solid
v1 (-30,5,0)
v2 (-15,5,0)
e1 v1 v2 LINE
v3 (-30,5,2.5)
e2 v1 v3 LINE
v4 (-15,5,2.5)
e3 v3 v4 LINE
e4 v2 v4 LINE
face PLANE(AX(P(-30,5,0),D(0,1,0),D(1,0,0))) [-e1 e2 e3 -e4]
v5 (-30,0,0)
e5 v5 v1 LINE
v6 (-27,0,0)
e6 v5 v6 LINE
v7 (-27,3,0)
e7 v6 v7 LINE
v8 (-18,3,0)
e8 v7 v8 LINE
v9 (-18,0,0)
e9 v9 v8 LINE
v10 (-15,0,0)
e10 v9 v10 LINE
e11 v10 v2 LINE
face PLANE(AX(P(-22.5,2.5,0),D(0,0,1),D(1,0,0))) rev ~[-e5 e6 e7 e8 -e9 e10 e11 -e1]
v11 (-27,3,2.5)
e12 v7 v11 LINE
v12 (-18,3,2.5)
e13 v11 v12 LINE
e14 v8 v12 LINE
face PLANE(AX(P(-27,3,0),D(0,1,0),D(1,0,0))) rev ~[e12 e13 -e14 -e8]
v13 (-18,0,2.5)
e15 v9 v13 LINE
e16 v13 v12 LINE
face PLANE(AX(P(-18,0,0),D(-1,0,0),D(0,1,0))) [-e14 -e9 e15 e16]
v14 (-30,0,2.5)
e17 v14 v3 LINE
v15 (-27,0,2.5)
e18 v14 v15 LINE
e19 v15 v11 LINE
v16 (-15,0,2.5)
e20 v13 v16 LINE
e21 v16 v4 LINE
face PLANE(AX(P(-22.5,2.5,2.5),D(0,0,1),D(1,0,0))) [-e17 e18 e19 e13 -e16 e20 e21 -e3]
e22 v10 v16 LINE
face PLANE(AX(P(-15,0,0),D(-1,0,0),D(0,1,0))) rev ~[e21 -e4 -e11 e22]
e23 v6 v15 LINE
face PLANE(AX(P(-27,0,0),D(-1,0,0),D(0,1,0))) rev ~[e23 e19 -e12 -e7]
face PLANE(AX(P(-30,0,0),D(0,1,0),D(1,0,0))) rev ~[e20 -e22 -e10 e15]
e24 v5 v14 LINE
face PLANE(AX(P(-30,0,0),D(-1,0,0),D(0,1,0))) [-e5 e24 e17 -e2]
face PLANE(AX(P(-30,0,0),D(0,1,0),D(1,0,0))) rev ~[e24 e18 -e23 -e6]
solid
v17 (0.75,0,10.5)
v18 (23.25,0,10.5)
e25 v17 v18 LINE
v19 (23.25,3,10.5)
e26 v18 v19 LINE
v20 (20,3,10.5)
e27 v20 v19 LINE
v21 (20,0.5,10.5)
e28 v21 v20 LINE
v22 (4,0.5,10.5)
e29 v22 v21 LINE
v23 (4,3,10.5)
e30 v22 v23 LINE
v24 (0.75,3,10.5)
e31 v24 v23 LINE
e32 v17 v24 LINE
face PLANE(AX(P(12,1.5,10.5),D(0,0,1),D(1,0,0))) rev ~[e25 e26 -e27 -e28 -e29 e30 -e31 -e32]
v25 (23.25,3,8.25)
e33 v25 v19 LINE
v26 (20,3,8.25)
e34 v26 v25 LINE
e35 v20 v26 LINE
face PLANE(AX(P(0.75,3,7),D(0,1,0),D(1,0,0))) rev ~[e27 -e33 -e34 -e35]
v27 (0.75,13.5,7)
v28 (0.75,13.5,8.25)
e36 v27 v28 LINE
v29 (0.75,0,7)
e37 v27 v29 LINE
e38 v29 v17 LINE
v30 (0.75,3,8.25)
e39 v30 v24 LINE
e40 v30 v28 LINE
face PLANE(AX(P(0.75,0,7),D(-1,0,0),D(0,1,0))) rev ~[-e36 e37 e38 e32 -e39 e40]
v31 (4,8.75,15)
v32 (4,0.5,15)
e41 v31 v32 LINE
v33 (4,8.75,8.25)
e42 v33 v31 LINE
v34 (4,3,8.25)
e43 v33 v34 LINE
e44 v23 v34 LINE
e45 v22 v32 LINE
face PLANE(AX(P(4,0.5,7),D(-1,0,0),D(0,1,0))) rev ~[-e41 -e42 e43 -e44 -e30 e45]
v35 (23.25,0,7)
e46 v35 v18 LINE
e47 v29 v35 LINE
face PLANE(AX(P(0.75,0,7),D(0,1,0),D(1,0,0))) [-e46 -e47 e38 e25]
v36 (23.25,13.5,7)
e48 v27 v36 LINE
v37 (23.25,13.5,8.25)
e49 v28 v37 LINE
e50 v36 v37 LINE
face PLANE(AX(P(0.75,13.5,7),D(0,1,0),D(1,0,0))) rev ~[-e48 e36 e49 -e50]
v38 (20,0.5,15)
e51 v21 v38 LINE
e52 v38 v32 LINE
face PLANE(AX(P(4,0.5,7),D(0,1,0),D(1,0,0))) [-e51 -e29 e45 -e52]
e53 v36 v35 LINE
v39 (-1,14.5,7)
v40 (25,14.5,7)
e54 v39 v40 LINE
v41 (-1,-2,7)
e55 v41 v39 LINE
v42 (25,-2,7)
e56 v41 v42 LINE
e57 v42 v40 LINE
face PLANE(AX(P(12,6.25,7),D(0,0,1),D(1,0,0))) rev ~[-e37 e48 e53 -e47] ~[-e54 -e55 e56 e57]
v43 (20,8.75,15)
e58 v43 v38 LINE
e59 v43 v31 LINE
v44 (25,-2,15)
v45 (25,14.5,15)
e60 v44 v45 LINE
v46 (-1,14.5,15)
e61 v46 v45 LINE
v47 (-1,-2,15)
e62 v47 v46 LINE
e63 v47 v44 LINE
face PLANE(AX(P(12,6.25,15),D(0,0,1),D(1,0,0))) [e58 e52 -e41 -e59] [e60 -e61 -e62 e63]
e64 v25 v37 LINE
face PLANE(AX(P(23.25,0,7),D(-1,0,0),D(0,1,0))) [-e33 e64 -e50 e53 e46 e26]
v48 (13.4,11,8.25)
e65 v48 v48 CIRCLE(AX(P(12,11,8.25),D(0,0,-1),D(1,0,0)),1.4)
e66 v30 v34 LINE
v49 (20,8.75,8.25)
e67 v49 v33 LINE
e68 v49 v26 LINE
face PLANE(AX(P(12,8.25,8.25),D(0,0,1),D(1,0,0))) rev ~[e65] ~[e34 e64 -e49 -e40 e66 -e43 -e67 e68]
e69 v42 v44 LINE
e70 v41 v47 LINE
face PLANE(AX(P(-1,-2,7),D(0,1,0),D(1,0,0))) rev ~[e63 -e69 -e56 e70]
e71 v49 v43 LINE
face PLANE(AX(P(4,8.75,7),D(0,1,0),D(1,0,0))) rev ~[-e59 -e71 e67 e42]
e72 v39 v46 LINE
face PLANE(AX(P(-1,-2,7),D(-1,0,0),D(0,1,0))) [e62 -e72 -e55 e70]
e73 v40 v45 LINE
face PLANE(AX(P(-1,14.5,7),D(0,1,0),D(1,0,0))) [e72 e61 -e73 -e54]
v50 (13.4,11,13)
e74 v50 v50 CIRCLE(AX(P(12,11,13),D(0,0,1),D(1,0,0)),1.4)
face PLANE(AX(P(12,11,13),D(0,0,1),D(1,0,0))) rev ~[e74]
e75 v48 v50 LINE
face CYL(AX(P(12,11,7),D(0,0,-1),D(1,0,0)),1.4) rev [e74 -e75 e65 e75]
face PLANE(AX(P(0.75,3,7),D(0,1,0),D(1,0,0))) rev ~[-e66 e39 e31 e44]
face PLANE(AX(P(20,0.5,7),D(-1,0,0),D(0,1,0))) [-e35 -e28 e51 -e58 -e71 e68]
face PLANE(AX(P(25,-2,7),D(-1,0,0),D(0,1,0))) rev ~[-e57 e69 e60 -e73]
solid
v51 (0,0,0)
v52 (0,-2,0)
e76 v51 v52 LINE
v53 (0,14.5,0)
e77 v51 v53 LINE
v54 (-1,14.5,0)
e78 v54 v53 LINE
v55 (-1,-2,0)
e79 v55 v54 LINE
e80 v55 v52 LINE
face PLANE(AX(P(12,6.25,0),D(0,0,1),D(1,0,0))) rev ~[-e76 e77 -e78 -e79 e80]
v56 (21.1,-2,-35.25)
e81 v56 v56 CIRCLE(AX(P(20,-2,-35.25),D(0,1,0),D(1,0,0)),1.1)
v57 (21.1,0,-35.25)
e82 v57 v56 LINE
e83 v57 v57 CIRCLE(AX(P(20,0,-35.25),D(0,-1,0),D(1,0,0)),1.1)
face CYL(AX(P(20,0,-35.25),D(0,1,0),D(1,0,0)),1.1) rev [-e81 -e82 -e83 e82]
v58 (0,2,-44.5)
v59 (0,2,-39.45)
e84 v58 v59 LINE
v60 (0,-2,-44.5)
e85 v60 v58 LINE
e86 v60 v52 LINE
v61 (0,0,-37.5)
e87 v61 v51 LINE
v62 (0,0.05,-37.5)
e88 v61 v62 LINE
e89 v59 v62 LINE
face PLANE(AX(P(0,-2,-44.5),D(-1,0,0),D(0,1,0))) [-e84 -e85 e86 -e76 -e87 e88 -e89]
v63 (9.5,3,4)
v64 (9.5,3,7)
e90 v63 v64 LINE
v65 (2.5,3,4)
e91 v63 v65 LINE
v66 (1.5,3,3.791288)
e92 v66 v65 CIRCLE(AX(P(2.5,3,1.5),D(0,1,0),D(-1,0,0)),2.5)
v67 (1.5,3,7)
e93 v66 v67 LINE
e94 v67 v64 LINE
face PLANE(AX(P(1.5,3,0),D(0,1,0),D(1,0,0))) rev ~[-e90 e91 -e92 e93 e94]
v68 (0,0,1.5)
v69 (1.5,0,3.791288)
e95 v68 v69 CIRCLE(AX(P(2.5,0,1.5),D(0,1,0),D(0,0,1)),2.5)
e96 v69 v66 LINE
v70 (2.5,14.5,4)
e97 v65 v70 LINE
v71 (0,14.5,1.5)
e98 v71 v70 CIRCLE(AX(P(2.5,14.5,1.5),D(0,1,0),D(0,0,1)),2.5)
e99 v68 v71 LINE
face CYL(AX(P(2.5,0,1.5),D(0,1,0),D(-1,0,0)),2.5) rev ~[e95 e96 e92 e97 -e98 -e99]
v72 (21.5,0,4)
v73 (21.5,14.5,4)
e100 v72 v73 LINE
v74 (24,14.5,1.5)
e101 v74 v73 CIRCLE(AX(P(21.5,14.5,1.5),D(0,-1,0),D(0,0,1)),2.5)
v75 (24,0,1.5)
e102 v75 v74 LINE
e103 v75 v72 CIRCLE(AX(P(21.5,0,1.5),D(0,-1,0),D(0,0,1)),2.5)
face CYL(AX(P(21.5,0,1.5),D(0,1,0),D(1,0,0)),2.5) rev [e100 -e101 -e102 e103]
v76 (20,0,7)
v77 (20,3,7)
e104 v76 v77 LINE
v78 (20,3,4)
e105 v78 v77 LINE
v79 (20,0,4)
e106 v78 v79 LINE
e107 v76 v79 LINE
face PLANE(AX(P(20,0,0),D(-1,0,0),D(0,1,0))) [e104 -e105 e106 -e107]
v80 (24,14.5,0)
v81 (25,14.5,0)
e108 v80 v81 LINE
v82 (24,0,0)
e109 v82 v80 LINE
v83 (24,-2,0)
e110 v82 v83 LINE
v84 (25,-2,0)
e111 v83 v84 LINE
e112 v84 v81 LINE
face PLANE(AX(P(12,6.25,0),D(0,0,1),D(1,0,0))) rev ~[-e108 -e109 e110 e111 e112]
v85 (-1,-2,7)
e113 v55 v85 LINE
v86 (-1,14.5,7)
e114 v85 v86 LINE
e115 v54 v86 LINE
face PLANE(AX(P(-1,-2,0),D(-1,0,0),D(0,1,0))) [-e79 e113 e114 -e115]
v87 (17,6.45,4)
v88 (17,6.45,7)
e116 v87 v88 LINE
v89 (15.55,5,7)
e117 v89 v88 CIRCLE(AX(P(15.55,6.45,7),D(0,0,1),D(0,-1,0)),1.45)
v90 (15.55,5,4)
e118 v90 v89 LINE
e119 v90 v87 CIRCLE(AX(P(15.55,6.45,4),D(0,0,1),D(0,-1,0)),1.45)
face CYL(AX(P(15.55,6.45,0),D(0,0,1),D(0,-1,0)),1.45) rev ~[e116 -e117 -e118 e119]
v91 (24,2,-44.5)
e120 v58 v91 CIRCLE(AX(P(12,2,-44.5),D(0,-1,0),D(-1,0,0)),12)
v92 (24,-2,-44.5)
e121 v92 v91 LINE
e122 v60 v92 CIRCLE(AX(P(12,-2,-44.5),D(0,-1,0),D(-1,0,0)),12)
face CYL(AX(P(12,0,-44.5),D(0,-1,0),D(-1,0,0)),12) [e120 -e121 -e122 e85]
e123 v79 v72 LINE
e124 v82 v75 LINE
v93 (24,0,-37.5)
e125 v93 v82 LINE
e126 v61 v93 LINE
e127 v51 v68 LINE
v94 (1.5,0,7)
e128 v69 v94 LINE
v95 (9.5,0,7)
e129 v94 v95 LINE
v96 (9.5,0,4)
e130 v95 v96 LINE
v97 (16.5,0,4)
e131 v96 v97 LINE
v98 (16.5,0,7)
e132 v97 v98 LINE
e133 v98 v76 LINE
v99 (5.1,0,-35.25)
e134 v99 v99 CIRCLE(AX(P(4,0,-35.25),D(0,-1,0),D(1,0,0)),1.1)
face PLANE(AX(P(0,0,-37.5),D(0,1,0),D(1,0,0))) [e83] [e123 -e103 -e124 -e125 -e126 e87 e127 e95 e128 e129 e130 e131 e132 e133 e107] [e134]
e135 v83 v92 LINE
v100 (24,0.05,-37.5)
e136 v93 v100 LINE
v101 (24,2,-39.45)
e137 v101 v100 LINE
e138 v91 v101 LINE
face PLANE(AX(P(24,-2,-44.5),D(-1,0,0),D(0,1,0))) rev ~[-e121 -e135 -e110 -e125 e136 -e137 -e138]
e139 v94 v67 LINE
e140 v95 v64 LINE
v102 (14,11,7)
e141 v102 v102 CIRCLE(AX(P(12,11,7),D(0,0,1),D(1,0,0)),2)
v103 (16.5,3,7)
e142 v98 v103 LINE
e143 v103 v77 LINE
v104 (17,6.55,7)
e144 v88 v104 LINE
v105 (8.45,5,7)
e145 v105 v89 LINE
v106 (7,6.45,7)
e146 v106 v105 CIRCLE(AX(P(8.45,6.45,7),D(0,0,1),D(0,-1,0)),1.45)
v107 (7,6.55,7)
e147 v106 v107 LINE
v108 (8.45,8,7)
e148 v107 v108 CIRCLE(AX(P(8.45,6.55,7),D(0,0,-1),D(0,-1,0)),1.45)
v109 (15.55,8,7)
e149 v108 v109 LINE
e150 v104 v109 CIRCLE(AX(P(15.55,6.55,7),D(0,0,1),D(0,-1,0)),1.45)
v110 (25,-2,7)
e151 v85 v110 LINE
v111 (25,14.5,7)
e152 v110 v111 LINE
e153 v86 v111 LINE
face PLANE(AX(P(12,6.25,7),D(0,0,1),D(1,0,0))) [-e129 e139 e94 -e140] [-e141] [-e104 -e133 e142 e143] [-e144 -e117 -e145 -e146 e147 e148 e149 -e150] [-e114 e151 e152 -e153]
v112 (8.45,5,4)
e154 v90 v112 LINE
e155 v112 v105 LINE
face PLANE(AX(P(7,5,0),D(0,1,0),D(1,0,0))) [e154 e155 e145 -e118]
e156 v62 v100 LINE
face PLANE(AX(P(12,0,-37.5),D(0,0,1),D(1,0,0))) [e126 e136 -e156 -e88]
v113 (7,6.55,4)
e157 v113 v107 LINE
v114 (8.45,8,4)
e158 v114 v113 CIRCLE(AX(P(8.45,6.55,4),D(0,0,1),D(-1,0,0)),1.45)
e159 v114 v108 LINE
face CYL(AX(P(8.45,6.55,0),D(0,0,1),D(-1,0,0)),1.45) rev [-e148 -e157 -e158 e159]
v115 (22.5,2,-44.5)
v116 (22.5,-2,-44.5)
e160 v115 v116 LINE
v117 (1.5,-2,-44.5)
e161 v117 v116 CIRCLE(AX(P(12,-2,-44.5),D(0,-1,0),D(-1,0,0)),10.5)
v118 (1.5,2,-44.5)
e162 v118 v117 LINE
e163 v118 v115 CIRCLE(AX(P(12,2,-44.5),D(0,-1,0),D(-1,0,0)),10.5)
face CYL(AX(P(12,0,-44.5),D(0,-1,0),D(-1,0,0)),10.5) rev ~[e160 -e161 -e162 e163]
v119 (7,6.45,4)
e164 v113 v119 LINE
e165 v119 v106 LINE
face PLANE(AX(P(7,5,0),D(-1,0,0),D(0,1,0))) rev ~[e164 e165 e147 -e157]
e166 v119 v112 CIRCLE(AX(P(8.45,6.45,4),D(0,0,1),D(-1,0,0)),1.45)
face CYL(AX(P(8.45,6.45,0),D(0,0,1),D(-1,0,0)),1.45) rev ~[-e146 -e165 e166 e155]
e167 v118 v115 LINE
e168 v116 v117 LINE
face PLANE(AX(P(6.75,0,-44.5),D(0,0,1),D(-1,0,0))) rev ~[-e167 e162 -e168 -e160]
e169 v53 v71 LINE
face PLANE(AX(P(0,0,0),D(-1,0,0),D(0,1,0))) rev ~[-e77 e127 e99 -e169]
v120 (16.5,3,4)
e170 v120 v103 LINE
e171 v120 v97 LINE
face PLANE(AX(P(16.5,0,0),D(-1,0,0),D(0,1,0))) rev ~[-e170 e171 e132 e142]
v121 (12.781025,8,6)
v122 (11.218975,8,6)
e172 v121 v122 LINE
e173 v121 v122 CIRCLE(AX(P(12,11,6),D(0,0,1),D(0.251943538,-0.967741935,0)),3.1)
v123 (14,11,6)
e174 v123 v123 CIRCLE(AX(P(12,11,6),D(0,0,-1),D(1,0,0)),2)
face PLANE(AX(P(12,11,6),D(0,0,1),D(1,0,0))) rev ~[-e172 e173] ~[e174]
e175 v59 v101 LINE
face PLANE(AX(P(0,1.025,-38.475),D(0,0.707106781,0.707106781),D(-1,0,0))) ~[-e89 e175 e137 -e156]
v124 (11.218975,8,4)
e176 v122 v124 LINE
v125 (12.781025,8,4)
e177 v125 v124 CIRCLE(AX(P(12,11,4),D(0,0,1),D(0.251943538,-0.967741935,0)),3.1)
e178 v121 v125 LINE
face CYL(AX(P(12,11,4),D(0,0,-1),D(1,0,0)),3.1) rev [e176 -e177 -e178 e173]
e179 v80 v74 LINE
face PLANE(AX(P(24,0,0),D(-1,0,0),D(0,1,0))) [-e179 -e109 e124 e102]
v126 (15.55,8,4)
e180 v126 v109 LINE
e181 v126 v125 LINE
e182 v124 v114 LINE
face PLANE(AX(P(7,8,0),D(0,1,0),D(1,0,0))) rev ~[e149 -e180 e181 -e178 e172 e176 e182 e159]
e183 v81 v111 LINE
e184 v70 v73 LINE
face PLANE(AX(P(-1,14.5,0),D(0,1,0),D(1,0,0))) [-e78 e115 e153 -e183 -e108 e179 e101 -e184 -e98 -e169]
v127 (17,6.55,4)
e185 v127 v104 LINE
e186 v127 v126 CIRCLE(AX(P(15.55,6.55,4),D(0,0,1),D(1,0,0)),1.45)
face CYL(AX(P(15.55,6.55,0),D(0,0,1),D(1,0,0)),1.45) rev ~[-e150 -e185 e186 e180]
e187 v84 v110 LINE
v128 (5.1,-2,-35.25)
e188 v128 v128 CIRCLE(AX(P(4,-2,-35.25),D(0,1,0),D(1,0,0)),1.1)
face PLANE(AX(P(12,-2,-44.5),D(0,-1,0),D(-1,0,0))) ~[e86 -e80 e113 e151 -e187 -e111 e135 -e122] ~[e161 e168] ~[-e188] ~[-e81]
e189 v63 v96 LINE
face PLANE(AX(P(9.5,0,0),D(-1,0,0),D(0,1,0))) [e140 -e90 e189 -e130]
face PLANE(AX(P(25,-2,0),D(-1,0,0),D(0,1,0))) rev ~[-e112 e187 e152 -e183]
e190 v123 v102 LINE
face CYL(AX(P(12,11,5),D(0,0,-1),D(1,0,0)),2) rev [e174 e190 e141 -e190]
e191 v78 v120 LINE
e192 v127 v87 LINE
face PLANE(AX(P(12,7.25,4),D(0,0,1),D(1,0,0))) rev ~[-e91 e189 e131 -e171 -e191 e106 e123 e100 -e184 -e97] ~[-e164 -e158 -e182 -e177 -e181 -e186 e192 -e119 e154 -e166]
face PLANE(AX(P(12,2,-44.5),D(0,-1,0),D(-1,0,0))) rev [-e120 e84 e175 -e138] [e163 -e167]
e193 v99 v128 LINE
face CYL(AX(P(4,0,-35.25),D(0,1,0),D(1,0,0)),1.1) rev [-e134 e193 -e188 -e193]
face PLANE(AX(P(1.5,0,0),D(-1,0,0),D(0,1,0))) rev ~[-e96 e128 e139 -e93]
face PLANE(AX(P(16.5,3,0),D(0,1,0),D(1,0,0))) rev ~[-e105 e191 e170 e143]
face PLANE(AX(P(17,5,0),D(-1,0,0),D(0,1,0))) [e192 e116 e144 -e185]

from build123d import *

# Parameters (mm, degrees)
BOX014_W          = 9
BOX014_H          = 3
BOX014_DEPTH      = 2.5
BOX013_W          = 15
BOX013_H          = 5
BOX013_DEPTH      = 2.5
CYLINDER001_R     = 1.1
CYLINDER001_DEPTH = 10
CYLINDER002_R     = 1.1
CYLINDER002_DEPTH = 10
BOX007_W          = 24
BOX007_H          = 2
BOX007_DEPTH      = 43.5
CYLINDER009_W     = 10.5
CYLINDER009_H     = 4
CYLINDER009_ANGLE = 180
CYLINDER008_W     = 12
CYLINDER008_H     = 4
CYLINDER008_ANGLE = 180
BOX011_W          = 24
BOX011_H          = 4
BOX011_DEPTH      = 7
CYLINDER006_R     = 2
CYLINDER006_DEPTH = 2
CYLINDER005_R     = 3.1
CYLINDER005_DEPTH = 2
BOX002_W          = 8
BOX002_H          = 3
BOX002_DEPTH      = 7
BOX003_W          = 10
BOX003_H          = 3
BOX003_DEPTH      = 7
FILLET001_R       = 1.45
BOX015_W          = 3.5
BOX015_H          = 3
BOX015_DEPTH      = 7
BOX_W             = 24
BOX_H             = 14.5
BOX_DEPTH         = 4
FILLET_R          = 2.5
BOX001_W          = 26
BOX001_H          = 16.5
BOX001_DEPTH      = 7
CHAMFER_SIZE      = 1.95
BOX012_W          = 22.5
BOX012_H          = 10.5
BOX012_DEPTH      = 1.25
BOX017_W          = 16
BOX017_H          = 8.25
BOX017_DEPTH      = 10
BOX004_W          = 22.5
BOX004_H          = 3
BOX004_DEPTH      = 3.5
CYLINDER007_R     = 1.4
CYLINDER007_DEPTH = 6
BOX005_W          = 26
BOX005_H          = 16.5
BOX005_DEPTH      = 8


with BuildPart() as cube_dht22_support_inner:
    # Box014 → Box014 (new body)
    with BuildSketch(Plane(origin=(-27, 0, 0), x_dir=(1, 0, 0), z_dir=(0, 0, 1))):
        with Locations((4.5, 1.5)):
            Rectangle(BOX014_W, BOX014_H)
    extrude(amount=BOX014_DEPTH)


with BuildPart() as cut007_dht22_support:
    # Box013 → Box013 (new body)
    with BuildSketch(Plane(origin=(-30, 0, 0), x_dir=(1, 0, 0), z_dir=(0, 0, 1))):
        with Locations((7.5, 2.5)):
            Rectangle(BOX013_W, BOX013_H)
    extrude(amount=BOX013_DEPTH)

    # Cut007: cut Cube(dht22_support_inner)
    add(cube_dht22_support_inner.part, mode=Mode.SUBTRACT)


with BuildPart() as cylinder001_right_bolt_clear:
    # Cylinder001 → Cylinder001 (new body)
    with BuildSketch(Plane(origin=(4, 0, -35.25), x_dir=(1, 0, 0), z_dir=(0, -1, 0))):
        Circle(CYLINDER001_R)
    extrude(amount=CYLINDER001_DEPTH)


with BuildPart() as fusion004:
    # Cylinder002 → Cylinder002 (new body)
    with BuildSketch(Plane(origin=(20, 0, -35.25), x_dir=(1, 0, 0), z_dir=(0, -1, 0))):
        Circle(CYLINDER002_R)
    extrude(amount=CYLINDER002_DEPTH)

    # Fusion004: union Cylinder001(right_bolt_clear)
    add(cylinder001_right_bolt_clear.part)


with BuildPart() as cut005:
    # Box007 → Box007 (new body)
    with BuildSketch(Plane(origin=(0, -2, -37.5), x_dir=(1, 0, 0), z_dir=(0, 0, 1))):
        with Locations((12, 1)):
            Rectangle(BOX007_W, BOX007_H)
    extrude(amount=BOX007_DEPTH)

    # Cut005: cut Fusion004
    add(fusion004.part, mode=Mode.SUBTRACT)


with BuildPart() as cylinder008_inner_hook:
    # Cylinder009 → Cylinder009 (revolve)
    with BuildSketch(Plane(origin=(12, 2, -44.5), x_dir=(-1, 0, 0), z_dir=(0, 0, 1))):
        with Locations((5.25, 2)):
            Rectangle(CYLINDER009_W, CYLINDER009_H)
    revolve(axis=Axis((12, 2, -44.5), (0, -1, 0)), revolution_arc=CYLINDER009_ANGLE)


with BuildPart() as cylinder008_outer_hook:
    # Cylinder008 → Cylinder008 (revolve)
    with BuildSketch(Plane(origin=(12, 2, -44.5), x_dir=(-1, 0, 0), z_dir=(0, 0, 1))):
        with Locations((6, 2)):
            Rectangle(CYLINDER008_W, CYLINDER008_H)
    revolve(axis=Axis((12, 2, -44.5), (0, -1, 0)), revolution_arc=CYLINDER008_ANGLE)


with BuildPart() as cut004:
    # Box011 → Box011 (new body)
    with BuildSketch(Plane(origin=(0, -2, -44.5), x_dir=(1, 0, 0), z_dir=(0, 0, 1))):
        with Locations((12, 2)):
            Rectangle(BOX011_W, BOX011_H)
    extrude(amount=BOX011_DEPTH)

    # Fusion008: union Cylinder008(outer_hook)
    add(cylinder008_outer_hook.part)

    # Cut004: cut Cylinder008(inner_hook)
    add(cylinder008_inner_hook.part, mode=Mode.SUBTRACT)


with BuildPart() as cylinder005_bolt_clear:
    # Cylinder006 → Cylinder006 (new body)
    with BuildSketch(Plane(origin=(12, 11, 5), x_dir=(1, 0, 0), z_dir=(0, 0, 1))):
        Circle(CYLINDER006_R)
    extrude(amount=CYLINDER006_DEPTH)


with BuildPart() as cylinder005_bolt_head:
    # Cylinder005 → Cylinder005 (new body)
    with BuildSketch(Plane(origin=(12, 11, 4), x_dir=(1, 0, 0), z_dir=(0, 0, 1))):
        Circle(CYLINDER005_R)
    extrude(amount=CYLINDER005_DEPTH)


with BuildPart() as cube_header_cutter_big:
    # Box002 → Box002 (new body)
    with BuildSketch(Plane(origin=(1.5, 0, 0), x_dir=(1, 0, 0), z_dir=(0, 0, 1))):
        with Locations((4, 1.5)):
            Rectangle(BOX002_W, BOX002_H)
    extrude(amount=BOX002_DEPTH)


with BuildPart() as fillet001:
    # Box003 → Box003 (new body)
    with BuildSketch(Plane(origin=(7, 5, 0), x_dir=(1, 0, 0), z_dir=(0, 0, 1))):
        with Locations((5, 1.5)):
            Rectangle(BOX003_W, BOX003_H)
    extrude(amount=BOX003_DEPTH)

    # Fillet001
    fillet001_edges = [fillet001.edges().sort_by_distance(p)[0] for p in [
        (7, 5, 3.5),
        (7, 8, 3.5),
        (17, 5, 3.5),
        (17, 8, 3.5),
    ]]
    fillet(fillet001_edges, radius=FILLET001_R)


with BuildPart() as fusion:
    # Box015 → Box015 (new body)
    with BuildSketch(Plane(origin=(16.5, 0, 0), x_dir=(1, 0, 0), z_dir=(0, 0, 1))):
        with Locations((1.75, 1.5)):
            Rectangle(BOX015_W, BOX015_H)
    extrude(amount=BOX015_DEPTH)

    # Fusion: union Cylinder005(bolt_clear), Cylinder005(bolt_head), Cube(header_cutter_big), Fillet001
    add(cylinder005_bolt_clear.part)
    add(cylinder005_bolt_head.part)
    add(cube_header_cutter_big.part)
    add(fillet001.part)


with BuildPart() as fillet_body:
    # Box → Box (new body)
    with BuildSketch(Plane.XY):
        with Locations((12, 7.25)):
            Rectangle(BOX_W, BOX_H)
    extrude(amount=BOX_DEPTH)

    # Fillet
    fillet_edges = [fillet_body.edges().sort_by_distance(p)[0] for p in [
        (0, 7.25, 4),
        (24, 7.25, 4),
    ]]
    fillet(fillet_edges, radius=FILLET_R)


with BuildPart() as chamfer_base:
    # Box001 → Box001 (new body)
    with BuildSketch(Plane(origin=(-1, -2, 0), x_dir=(1, 0, 0), z_dir=(0, 0, 1))):
        with Locations((13, 8.25)):
            Rectangle(BOX001_W, BOX001_H)
    extrude(amount=BOX001_DEPTH)

    # Cut: cut Fillet body
    add(fillet_body.part, mode=Mode.SUBTRACT)

    # Cut008: cut Fusion
    add(fusion.part, mode=Mode.SUBTRACT)

    # Fusion009: union Cut005, Cut004
    add(cut005.part)
    add(cut004.part)

    # Chamfer
    chamfer_edges = [chamfer_base.edges().sort_by_distance(p)[0] for p in [
        (12, 2, -37.5),
    ]]
    chamfer(chamfer_edges, length=CHAMFER_SIZE)


with BuildPart() as box012:
    # Box012 → Box012 (new body)
    with BuildSketch(Plane(origin=(0.75, 3, 7), x_dir=(1, 0, 0), z_dir=(0, 0, 1))):
        with Locations((11.25, 5.25)):
            Rectangle(BOX012_W, BOX012_H)
    extrude(amount=BOX012_DEPTH)


with BuildPart() as cube_dht22:
    # Box017 → Box017 (new body)
    with BuildSketch(Plane(origin=(4, 0.5, 7), x_dir=(1, 0, 0), z_dir=(0, 0, 1))):
        with Locations((8, 4.125)):
            Rectangle(BOX017_W, BOX017_H)
    extrude(amount=BOX017_DEPTH)


with BuildPart() as cube_pcb_cut:
    # Box004 → Box004 (new body)
    with BuildSketch(Plane(origin=(0.75, 0, 7), x_dir=(1, 0, 0), z_dir=(0, 0, 1))):
        with Locations((11.25, 1.5)):
            Rectangle(BOX004_W, BOX004_H)
    extrude(amount=BOX004_DEPTH)


with BuildPart() as fusion010:
    # Cylinder007 → Cylinder007 (new body)
    with BuildSketch(Plane(origin=(12, 11, 7), x_dir=(1, 0, 0), z_dir=(0, 0, 1))):
        Circle(CYLINDER007_R)
    extrude(amount=CYLINDER007_DEPTH)

    # Fusion010: union Box012, Cube(dht22), Cube(pcb_cut)
    add(box012.part)
    add(cube_dht22.part)
    add(cube_pcb_cut.part)


with BuildPart() as cut009_cover:
    # Box005 → Box005 (new body)
    with BuildSketch(Plane(origin=(-1, -2, 7), x_dir=(1, 0, 0), z_dir=(0, 0, 1))):
        with Locations((13, 8.25)):
            Rectangle(BOX005_W, BOX005_H)
    extrude(amount=BOX005_DEPTH)

    # Cut009: cut Fusion010
    add(fusion010.part, mode=Mode.SUBTRACT)


solid = Compound([cut007_dht22_support.part, chamfer_base.part, cut009_cover.part])
